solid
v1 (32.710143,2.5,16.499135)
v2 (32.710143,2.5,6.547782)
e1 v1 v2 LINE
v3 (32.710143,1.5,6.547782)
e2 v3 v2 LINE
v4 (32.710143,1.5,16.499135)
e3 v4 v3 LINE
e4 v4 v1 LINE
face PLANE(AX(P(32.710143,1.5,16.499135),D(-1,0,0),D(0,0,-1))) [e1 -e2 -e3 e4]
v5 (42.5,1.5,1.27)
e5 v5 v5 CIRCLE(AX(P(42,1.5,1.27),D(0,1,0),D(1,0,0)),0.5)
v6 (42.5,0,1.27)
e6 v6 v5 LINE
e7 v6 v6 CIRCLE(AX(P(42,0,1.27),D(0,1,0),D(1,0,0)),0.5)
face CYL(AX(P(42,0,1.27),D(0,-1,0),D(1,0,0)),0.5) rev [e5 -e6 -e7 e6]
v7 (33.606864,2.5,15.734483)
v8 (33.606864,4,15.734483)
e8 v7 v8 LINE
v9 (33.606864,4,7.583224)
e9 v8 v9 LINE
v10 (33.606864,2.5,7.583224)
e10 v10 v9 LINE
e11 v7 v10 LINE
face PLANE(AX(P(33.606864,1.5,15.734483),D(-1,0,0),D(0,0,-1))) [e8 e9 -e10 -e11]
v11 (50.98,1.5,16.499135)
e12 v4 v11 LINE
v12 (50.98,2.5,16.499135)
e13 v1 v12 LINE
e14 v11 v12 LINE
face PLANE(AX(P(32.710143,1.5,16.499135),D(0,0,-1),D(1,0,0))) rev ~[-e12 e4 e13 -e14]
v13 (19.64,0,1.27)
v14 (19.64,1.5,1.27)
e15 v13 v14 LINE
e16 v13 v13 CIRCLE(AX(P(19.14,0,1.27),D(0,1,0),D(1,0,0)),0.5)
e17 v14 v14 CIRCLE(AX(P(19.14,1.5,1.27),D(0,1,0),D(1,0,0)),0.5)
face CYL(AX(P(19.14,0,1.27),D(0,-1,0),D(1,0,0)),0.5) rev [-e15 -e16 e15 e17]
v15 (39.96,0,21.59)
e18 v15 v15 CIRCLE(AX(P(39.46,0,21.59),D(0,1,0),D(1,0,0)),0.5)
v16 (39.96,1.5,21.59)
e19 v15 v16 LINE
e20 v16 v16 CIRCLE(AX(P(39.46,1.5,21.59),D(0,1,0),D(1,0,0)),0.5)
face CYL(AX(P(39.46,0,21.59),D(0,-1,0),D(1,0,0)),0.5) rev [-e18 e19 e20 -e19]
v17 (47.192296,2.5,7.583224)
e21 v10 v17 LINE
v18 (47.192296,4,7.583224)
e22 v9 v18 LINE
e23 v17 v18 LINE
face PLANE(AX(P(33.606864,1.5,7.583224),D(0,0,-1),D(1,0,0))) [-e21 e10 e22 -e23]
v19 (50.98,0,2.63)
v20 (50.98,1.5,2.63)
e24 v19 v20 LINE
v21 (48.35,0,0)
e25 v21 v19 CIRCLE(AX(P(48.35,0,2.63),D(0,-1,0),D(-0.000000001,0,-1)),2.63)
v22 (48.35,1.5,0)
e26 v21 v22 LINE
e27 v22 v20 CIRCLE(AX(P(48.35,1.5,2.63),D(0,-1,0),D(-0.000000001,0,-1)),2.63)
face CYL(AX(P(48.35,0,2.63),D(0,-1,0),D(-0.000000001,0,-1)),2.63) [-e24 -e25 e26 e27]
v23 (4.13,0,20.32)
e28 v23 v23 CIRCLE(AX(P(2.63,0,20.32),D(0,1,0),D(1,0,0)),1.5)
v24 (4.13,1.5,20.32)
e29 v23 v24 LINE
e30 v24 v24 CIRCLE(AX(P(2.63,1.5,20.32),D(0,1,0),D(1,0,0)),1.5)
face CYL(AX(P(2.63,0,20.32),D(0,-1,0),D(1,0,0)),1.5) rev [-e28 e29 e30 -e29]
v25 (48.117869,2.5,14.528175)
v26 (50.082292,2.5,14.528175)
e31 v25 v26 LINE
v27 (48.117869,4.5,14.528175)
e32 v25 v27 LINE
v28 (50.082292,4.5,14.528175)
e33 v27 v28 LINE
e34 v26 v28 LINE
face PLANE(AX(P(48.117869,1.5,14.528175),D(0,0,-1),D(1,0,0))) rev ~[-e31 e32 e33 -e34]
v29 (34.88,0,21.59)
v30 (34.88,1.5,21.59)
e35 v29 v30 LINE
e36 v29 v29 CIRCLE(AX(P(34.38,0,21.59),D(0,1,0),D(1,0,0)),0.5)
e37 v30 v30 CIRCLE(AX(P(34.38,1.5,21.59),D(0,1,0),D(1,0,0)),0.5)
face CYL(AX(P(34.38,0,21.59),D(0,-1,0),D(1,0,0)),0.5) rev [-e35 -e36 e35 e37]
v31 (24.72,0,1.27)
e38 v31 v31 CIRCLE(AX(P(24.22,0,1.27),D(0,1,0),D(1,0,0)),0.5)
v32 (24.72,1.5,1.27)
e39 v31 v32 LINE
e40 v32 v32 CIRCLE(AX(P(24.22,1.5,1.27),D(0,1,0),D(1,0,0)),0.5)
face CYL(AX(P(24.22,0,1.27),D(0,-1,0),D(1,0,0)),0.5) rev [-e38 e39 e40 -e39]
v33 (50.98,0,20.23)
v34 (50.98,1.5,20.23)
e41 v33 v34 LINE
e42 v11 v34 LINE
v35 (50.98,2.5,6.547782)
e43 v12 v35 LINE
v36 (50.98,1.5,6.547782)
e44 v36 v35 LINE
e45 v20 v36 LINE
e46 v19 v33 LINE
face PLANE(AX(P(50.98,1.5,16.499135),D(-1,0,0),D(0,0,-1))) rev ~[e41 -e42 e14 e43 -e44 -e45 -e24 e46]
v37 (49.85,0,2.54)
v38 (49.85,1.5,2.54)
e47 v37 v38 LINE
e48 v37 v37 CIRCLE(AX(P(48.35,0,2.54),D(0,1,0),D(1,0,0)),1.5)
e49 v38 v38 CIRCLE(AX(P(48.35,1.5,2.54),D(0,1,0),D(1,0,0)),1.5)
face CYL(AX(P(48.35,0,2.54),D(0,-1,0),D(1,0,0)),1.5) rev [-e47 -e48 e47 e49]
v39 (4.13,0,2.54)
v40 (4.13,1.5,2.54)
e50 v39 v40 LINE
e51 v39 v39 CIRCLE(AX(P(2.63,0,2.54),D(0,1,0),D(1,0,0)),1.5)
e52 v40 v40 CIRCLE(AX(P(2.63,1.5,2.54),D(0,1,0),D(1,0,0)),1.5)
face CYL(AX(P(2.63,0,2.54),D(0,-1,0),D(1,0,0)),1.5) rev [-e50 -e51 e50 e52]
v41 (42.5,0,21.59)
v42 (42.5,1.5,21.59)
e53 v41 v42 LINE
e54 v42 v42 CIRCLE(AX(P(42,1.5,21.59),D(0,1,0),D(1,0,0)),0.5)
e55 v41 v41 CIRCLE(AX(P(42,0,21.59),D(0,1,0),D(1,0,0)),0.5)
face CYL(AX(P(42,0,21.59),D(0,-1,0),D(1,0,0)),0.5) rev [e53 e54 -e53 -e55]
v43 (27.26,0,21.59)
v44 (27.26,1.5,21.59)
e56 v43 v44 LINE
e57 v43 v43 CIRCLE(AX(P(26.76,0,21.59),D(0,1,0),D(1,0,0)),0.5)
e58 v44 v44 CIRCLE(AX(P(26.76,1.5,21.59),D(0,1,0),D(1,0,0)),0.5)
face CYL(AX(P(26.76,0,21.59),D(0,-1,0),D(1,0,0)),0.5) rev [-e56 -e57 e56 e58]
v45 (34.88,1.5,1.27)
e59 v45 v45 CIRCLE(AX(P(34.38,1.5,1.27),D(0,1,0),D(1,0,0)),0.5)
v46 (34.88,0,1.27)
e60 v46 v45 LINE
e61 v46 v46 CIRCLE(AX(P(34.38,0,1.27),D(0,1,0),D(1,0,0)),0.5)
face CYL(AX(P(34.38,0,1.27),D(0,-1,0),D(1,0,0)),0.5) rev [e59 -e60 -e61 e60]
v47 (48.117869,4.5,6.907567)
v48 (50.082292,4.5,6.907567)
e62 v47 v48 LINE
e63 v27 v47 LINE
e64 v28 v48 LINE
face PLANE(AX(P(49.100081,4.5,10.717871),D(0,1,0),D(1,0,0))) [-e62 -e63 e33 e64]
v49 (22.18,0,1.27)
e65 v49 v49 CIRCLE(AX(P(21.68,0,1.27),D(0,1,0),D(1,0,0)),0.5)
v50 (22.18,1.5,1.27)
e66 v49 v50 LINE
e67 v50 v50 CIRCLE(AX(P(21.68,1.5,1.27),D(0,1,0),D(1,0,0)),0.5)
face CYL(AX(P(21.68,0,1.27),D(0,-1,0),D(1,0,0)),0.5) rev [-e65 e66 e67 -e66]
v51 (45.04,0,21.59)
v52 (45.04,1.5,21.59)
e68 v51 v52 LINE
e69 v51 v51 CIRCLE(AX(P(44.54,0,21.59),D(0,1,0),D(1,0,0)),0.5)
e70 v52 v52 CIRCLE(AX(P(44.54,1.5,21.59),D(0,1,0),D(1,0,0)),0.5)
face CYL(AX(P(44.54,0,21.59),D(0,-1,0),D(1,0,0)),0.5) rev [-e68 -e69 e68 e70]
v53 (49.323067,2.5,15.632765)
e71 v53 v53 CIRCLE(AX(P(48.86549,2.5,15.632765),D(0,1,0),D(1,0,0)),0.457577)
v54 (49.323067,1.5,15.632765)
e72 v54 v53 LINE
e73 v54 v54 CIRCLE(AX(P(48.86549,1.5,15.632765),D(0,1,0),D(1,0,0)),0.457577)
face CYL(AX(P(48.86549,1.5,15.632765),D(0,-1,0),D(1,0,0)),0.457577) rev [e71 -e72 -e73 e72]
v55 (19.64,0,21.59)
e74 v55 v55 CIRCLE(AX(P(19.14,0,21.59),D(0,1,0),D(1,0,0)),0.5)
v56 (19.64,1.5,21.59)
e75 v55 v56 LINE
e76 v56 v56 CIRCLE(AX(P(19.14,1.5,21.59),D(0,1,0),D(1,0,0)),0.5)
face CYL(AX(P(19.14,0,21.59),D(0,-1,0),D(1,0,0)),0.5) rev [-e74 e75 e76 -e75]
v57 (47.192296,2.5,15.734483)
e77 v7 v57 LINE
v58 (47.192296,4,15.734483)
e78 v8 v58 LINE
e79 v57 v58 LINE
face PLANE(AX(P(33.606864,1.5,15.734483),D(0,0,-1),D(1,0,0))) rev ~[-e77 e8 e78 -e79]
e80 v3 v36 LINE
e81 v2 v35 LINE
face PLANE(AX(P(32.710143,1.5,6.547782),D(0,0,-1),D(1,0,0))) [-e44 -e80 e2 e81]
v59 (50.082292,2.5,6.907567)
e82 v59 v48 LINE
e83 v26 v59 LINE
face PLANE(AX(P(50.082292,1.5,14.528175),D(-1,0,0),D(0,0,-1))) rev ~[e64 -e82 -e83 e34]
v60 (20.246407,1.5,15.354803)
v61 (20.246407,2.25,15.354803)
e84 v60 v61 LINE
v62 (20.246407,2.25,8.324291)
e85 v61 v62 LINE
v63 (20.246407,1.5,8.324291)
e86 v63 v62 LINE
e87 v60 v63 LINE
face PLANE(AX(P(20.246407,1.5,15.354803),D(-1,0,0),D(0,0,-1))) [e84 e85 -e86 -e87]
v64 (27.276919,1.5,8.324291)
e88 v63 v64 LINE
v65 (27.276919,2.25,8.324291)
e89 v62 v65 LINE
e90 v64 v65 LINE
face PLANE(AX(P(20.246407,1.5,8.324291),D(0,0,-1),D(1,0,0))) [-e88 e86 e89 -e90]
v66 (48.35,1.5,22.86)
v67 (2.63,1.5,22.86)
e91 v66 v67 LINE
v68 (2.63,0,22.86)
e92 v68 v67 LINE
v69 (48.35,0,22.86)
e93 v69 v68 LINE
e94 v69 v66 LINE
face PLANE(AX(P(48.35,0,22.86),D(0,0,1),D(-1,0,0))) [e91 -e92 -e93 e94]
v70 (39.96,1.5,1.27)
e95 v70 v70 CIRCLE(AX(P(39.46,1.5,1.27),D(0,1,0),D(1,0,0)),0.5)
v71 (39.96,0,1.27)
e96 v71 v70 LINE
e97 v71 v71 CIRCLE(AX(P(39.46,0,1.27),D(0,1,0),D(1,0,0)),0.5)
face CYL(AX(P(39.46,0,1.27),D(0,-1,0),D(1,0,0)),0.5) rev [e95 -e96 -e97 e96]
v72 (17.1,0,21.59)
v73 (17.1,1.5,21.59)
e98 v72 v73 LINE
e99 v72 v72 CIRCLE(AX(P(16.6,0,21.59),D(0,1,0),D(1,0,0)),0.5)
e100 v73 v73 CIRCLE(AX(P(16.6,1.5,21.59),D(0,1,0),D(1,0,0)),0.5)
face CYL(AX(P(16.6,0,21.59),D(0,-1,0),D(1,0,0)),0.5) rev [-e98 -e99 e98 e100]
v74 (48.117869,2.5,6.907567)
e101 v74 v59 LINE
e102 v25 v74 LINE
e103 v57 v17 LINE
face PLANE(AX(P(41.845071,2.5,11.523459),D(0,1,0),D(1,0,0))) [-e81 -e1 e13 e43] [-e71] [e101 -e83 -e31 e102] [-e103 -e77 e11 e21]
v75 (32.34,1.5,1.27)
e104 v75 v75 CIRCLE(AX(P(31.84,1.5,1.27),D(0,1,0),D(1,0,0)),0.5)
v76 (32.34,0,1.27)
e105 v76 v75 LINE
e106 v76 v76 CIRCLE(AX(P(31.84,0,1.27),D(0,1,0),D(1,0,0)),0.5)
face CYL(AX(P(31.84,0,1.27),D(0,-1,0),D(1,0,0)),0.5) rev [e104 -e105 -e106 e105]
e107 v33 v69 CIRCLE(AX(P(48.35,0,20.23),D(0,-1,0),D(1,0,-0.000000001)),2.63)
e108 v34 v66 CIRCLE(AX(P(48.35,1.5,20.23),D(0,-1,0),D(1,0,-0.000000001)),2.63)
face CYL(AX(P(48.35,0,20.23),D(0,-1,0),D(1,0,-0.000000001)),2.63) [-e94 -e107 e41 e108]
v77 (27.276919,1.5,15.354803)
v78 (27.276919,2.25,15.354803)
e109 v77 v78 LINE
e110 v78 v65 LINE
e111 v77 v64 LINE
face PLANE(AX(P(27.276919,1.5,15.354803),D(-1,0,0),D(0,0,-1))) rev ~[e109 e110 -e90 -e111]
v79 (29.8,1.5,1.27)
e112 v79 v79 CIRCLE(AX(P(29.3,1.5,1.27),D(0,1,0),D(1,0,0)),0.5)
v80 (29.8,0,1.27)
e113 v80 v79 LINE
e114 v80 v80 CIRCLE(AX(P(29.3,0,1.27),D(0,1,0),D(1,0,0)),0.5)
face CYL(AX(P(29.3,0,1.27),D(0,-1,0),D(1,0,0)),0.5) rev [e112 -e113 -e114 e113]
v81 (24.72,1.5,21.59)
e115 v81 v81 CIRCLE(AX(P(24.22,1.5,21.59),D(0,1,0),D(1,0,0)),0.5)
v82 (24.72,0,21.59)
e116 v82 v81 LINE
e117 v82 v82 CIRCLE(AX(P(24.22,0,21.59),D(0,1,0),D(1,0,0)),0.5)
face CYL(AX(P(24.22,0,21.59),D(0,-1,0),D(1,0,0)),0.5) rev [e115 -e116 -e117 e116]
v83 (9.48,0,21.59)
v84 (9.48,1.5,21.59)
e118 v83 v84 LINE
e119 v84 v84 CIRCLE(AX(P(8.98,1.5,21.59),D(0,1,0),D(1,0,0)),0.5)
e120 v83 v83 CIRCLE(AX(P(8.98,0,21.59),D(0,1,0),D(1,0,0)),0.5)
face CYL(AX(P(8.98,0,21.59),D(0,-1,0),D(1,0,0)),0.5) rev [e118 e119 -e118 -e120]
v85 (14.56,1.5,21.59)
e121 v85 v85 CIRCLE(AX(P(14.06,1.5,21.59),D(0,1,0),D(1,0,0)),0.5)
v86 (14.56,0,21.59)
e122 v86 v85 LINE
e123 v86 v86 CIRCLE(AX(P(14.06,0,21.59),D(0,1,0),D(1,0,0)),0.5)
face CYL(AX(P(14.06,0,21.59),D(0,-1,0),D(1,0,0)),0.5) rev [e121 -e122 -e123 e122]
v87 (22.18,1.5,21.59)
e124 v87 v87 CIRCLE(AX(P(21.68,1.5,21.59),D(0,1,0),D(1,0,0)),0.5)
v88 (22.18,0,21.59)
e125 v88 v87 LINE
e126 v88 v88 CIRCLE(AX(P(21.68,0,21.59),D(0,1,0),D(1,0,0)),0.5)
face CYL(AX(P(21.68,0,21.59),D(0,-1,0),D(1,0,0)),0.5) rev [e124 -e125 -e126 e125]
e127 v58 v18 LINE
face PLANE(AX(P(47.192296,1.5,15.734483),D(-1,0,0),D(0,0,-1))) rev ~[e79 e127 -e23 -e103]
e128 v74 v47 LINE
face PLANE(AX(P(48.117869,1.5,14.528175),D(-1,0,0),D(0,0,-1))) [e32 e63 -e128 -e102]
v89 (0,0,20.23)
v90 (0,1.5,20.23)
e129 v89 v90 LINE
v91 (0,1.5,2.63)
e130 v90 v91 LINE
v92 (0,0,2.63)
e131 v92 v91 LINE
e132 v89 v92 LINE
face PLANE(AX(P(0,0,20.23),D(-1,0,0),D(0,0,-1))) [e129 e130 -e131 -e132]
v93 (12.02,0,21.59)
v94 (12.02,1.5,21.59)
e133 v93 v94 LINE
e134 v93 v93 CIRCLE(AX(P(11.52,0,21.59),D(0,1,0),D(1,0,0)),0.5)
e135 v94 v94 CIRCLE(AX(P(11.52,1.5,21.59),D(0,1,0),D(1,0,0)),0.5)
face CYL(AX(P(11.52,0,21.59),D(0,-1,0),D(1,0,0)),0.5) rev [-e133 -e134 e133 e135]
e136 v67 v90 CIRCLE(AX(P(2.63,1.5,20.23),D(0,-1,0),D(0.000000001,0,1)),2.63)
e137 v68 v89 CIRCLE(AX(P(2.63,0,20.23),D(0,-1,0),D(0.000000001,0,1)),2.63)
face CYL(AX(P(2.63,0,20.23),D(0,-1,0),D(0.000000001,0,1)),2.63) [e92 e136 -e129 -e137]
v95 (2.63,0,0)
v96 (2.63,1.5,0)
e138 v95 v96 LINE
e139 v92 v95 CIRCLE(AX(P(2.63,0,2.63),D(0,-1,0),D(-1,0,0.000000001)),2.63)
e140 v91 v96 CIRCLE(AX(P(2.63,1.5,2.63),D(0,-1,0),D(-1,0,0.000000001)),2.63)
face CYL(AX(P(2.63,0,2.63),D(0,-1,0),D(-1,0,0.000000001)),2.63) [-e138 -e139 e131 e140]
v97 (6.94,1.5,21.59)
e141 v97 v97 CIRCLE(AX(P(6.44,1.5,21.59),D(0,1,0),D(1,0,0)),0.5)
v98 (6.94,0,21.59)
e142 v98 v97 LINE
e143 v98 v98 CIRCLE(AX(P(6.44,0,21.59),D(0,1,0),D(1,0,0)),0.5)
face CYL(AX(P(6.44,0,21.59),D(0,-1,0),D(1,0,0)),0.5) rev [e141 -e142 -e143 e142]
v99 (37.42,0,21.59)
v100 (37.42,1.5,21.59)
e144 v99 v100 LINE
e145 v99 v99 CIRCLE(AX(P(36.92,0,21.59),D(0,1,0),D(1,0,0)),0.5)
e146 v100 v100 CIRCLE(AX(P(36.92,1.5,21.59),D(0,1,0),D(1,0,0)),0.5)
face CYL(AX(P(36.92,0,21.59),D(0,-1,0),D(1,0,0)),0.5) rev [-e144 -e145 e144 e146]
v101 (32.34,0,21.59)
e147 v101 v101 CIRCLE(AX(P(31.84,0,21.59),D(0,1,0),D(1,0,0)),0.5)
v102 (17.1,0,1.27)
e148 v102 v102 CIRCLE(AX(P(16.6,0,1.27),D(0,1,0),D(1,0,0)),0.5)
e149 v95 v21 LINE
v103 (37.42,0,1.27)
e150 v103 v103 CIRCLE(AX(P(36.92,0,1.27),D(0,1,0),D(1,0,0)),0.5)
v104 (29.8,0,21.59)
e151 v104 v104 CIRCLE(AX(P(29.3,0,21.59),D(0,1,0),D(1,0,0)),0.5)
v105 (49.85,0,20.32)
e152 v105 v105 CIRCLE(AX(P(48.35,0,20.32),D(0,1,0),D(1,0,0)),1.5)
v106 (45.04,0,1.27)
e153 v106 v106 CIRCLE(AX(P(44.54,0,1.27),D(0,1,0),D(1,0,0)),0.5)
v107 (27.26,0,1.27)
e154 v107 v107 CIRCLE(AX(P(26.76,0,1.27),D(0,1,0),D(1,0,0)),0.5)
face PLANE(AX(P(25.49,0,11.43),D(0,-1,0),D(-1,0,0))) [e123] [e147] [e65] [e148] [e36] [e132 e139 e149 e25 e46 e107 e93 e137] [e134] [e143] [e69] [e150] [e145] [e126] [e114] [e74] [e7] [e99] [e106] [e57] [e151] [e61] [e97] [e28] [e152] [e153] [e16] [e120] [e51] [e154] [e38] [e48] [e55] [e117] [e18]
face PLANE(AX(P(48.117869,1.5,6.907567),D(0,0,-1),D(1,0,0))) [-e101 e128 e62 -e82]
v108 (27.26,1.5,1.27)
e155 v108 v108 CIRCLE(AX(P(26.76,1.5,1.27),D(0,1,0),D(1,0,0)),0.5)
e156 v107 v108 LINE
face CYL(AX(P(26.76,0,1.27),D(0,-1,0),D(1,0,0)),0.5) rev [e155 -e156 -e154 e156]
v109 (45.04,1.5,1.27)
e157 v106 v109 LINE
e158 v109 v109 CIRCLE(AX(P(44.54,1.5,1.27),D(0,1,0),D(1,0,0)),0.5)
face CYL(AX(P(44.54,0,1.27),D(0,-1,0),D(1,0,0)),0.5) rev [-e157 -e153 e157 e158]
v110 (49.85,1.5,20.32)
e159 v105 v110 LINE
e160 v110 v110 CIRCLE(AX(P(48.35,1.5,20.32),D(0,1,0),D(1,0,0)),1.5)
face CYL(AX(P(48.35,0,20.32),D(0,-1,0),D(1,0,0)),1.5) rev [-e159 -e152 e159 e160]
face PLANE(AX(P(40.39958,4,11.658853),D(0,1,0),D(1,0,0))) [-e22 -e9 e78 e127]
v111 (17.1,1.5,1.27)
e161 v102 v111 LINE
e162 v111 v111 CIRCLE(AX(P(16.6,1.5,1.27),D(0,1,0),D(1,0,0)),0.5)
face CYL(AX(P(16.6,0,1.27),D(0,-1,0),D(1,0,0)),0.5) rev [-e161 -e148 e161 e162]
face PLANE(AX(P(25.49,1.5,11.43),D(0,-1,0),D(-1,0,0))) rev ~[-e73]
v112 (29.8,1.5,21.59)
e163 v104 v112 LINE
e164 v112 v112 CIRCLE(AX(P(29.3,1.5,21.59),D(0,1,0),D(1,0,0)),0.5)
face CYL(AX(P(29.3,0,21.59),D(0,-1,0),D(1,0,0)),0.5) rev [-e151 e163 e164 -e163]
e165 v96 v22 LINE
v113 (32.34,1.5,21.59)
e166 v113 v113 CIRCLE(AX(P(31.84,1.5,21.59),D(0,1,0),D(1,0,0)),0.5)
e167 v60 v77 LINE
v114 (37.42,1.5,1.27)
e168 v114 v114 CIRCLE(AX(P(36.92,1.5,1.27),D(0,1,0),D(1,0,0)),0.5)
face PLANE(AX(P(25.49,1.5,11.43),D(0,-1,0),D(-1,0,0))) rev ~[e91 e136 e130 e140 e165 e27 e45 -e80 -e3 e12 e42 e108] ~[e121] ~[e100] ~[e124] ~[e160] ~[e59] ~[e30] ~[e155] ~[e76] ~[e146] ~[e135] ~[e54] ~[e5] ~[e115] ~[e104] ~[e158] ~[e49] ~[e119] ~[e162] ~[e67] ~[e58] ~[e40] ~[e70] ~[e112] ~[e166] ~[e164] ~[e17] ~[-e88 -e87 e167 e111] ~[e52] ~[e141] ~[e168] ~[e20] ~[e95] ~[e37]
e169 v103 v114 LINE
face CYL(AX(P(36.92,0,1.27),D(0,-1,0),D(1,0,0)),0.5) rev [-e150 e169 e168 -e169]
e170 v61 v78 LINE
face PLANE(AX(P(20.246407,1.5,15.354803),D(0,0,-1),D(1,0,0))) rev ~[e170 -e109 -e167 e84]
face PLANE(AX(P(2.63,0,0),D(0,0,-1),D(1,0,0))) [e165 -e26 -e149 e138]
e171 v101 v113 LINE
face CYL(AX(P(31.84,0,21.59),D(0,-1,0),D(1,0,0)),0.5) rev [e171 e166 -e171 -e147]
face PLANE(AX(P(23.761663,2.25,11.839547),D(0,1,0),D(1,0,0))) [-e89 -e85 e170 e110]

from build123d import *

# Parameters (mm, degrees)
SKETCH1_R           = 0.5
SKETCH1_R_2         = 1.5
BOSS_EXTRUDE1_DEPTH = 1.5
SKETCH3_W           = 13.585431646
SKETCH3_H           = 8.151258988
BOSS_EXTRUDE2_DEPTH = 2.5
SKETCH4_W           = 1.964423464
SKETCH4_H           = 7.620608266
BOSS_EXTRUDE3_DEPTH = 3
SKETCH5_W           = 18.269857108
SKETCH5_H           = 9.951352814
SKETCH5_R           = 0.457577412
BOSS_EXTRUDE4_DEPTH = 1
SKETCH6_W           = 7.030512295
SKETCH6_H           = 7.030512295
BOSS_EXTRUDE5_DEPTH = 0.75


with BuildPart() as part:
    # Sketch1 → Boss-Extrude1 (new body)
    with BuildSketch(Plane(origin=(0, 0, 0), x_dir=(1, 0, 0), z_dir=(0, 1, 0))):
        with BuildLine():
            Line((2.63, 0), (48.35, 0))
            ThreePointArc((48.35, 0), (50.209690835, -0.770309165), (50.98, -2.63))
            Line((50.98, -2.63), (50.98, -20.23))
            ThreePointArc((50.98, -20.23), (50.209690835, -22.089690835), (48.35, -22.86))
            Line((48.35, -22.86), (2.63, -22.86))
            ThreePointArc((2.63, -22.86), (0.770309165, -22.089690835), (0, -20.23))
            Line((0, -20.23), (0, -2.63))
            ThreePointArc((0, -2.63), (0.770309165, -0.770309165), (2.63, 0))
        make_face()
        with Locations((6.44, -21.59)):
            Circle(SKETCH1_R, mode=Mode.SUBTRACT)
        with Locations((8.98, -21.59)):
            Circle(SKETCH1_R, mode=Mode.SUBTRACT)
        with Locations((11.52, -21.59)):
            Circle(SKETCH1_R, mode=Mode.SUBTRACT)
        with Locations((14.06, -21.59)):
            Circle(SKETCH1_R, mode=Mode.SUBTRACT)
        with Locations((16.6, -21.59)):
            Circle(SKETCH1_R, mode=Mode.SUBTRACT)
        with Locations((19.14, -21.59)):
            Circle(SKETCH1_R, mode=Mode.SUBTRACT)
        with Locations((21.68, -21.59)):
            Circle(SKETCH1_R, mode=Mode.SUBTRACT)
        with Locations((24.22, -21.59)):
            Circle(SKETCH1_R, mode=Mode.SUBTRACT)
        with Locations((26.76, -21.59)):
            Circle(SKETCH1_R, mode=Mode.SUBTRACT)
        with Locations((29.3, -21.59)):
            Circle(SKETCH1_R, mode=Mode.SUBTRACT)
        with Locations((31.84, -21.59)):
            Circle(SKETCH1_R, mode=Mode.SUBTRACT)
        with Locations((34.38, -21.59)):
            Circle(SKETCH1_R, mode=Mode.SUBTRACT)
        with Locations((36.92, -21.59)):
            Circle(SKETCH1_R, mode=Mode.SUBTRACT)
        with Locations((39.46, -21.59)):
            Circle(SKETCH1_R, mode=Mode.SUBTRACT)
        with Locations((42, -21.59)):
            Circle(SKETCH1_R, mode=Mode.SUBTRACT)
        with Locations((44.54, -21.59)):
            Circle(SKETCH1_R, mode=Mode.SUBTRACT)
        with Locations((44.54, -1.27)):
            Circle(SKETCH1_R, mode=Mode.SUBTRACT)
        with Locations((42, -1.27)):
            Circle(SKETCH1_R, mode=Mode.SUBTRACT)
        with Locations((39.46, -1.27)):
            Circle(SKETCH1_R, mode=Mode.SUBTRACT)
        with Locations((36.92, -1.27)):
            Circle(SKETCH1_R, mode=Mode.SUBTRACT)
        with Locations((34.38, -1.27)):
            Circle(SKETCH1_R, mode=Mode.SUBTRACT)
        with Locations((31.84, -1.27)):
            Circle(SKETCH1_R, mode=Mode.SUBTRACT)
        with Locations((29.3, -1.27)):
            Circle(SKETCH1_R, mode=Mode.SUBTRACT)
        with Locations((26.76, -1.27)):
            Circle(SKETCH1_R, mode=Mode.SUBTRACT)
        with Locations((24.22, -1.27)):
            Circle(SKETCH1_R, mode=Mode.SUBTRACT)
        with Locations((21.68, -1.27)):
            Circle(SKETCH1_R, mode=Mode.SUBTRACT)
        with Locations((19.14, -1.27)):
            Circle(SKETCH1_R, mode=Mode.SUBTRACT)
        with Locations((16.6, -1.27)):
            Circle(SKETCH1_R, mode=Mode.SUBTRACT)
        with Locations((2.63, -2.54)):
            Circle(SKETCH1_R_2, mode=Mode.SUBTRACT)
        with Locations((2.63, -20.32)):
            Circle(SKETCH1_R_2, mode=Mode.SUBTRACT)
        with Locations((48.35, -20.32)):
            Circle(SKETCH1_R_2, mode=Mode.SUBTRACT)
        with Locations((48.35, -2.54)):
            Circle(SKETCH1_R_2, mode=Mode.SUBTRACT)
    extrude(amount=BOSS_EXTRUDE1_DEPTH)

    # Sketch3 → Boss-Extrude2 (add)
    with BuildSketch(Plane(origin=(0, 1.5, 0), x_dir=(1, 0, 0), z_dir=(0, 1, 0))):
        with Locations((40.399579876, -11.65885309)):
            Rectangle(SKETCH3_W, SKETCH3_H)
    extrude(amount=BOSS_EXTRUDE2_DEPTH)

    # Sketch4 → Boss-Extrude3 (add)
    with BuildSketch(Plane(origin=(0, 1.5, 0), x_dir=(1, 0, 0), z_dir=(0, 1, 0))):
        with Locations((49.100080702, -10.717871328)):
            Rectangle(SKETCH4_W, SKETCH4_H)
    extrude(amount=BOSS_EXTRUDE3_DEPTH)

    # Sketch5 → Boss-Extrude4 (add)
    with BuildSketch(Plane(origin=(0, 1.5, 0), x_dir=(1, 0, 0), z_dir=(0, 1, 0))):
        with Locations((41.845071446, -11.523458661)):
            Rectangle(SKETCH5_W, SKETCH5_H)
        with Locations((48.865489617, -15.632765099)):
            Circle(SKETCH5_R, mode=Mode.SUBTRACT)
    extrude(amount=BOSS_EXTRUDE4_DEPTH)

    # Sketch6 → Boss-Extrude5 (add)
    with BuildSketch(Plane(origin=(0, 1.5, 0), x_dir=(1, 0, 0), z_dir=(0, 1, 0))):
        with Locations((23.761662883, -11.839547187)):
            Rectangle(SKETCH6_W, SKETCH6_H)
    extrude(amount=BOSS_EXTRUDE5_DEPTH)


solid = part.part
